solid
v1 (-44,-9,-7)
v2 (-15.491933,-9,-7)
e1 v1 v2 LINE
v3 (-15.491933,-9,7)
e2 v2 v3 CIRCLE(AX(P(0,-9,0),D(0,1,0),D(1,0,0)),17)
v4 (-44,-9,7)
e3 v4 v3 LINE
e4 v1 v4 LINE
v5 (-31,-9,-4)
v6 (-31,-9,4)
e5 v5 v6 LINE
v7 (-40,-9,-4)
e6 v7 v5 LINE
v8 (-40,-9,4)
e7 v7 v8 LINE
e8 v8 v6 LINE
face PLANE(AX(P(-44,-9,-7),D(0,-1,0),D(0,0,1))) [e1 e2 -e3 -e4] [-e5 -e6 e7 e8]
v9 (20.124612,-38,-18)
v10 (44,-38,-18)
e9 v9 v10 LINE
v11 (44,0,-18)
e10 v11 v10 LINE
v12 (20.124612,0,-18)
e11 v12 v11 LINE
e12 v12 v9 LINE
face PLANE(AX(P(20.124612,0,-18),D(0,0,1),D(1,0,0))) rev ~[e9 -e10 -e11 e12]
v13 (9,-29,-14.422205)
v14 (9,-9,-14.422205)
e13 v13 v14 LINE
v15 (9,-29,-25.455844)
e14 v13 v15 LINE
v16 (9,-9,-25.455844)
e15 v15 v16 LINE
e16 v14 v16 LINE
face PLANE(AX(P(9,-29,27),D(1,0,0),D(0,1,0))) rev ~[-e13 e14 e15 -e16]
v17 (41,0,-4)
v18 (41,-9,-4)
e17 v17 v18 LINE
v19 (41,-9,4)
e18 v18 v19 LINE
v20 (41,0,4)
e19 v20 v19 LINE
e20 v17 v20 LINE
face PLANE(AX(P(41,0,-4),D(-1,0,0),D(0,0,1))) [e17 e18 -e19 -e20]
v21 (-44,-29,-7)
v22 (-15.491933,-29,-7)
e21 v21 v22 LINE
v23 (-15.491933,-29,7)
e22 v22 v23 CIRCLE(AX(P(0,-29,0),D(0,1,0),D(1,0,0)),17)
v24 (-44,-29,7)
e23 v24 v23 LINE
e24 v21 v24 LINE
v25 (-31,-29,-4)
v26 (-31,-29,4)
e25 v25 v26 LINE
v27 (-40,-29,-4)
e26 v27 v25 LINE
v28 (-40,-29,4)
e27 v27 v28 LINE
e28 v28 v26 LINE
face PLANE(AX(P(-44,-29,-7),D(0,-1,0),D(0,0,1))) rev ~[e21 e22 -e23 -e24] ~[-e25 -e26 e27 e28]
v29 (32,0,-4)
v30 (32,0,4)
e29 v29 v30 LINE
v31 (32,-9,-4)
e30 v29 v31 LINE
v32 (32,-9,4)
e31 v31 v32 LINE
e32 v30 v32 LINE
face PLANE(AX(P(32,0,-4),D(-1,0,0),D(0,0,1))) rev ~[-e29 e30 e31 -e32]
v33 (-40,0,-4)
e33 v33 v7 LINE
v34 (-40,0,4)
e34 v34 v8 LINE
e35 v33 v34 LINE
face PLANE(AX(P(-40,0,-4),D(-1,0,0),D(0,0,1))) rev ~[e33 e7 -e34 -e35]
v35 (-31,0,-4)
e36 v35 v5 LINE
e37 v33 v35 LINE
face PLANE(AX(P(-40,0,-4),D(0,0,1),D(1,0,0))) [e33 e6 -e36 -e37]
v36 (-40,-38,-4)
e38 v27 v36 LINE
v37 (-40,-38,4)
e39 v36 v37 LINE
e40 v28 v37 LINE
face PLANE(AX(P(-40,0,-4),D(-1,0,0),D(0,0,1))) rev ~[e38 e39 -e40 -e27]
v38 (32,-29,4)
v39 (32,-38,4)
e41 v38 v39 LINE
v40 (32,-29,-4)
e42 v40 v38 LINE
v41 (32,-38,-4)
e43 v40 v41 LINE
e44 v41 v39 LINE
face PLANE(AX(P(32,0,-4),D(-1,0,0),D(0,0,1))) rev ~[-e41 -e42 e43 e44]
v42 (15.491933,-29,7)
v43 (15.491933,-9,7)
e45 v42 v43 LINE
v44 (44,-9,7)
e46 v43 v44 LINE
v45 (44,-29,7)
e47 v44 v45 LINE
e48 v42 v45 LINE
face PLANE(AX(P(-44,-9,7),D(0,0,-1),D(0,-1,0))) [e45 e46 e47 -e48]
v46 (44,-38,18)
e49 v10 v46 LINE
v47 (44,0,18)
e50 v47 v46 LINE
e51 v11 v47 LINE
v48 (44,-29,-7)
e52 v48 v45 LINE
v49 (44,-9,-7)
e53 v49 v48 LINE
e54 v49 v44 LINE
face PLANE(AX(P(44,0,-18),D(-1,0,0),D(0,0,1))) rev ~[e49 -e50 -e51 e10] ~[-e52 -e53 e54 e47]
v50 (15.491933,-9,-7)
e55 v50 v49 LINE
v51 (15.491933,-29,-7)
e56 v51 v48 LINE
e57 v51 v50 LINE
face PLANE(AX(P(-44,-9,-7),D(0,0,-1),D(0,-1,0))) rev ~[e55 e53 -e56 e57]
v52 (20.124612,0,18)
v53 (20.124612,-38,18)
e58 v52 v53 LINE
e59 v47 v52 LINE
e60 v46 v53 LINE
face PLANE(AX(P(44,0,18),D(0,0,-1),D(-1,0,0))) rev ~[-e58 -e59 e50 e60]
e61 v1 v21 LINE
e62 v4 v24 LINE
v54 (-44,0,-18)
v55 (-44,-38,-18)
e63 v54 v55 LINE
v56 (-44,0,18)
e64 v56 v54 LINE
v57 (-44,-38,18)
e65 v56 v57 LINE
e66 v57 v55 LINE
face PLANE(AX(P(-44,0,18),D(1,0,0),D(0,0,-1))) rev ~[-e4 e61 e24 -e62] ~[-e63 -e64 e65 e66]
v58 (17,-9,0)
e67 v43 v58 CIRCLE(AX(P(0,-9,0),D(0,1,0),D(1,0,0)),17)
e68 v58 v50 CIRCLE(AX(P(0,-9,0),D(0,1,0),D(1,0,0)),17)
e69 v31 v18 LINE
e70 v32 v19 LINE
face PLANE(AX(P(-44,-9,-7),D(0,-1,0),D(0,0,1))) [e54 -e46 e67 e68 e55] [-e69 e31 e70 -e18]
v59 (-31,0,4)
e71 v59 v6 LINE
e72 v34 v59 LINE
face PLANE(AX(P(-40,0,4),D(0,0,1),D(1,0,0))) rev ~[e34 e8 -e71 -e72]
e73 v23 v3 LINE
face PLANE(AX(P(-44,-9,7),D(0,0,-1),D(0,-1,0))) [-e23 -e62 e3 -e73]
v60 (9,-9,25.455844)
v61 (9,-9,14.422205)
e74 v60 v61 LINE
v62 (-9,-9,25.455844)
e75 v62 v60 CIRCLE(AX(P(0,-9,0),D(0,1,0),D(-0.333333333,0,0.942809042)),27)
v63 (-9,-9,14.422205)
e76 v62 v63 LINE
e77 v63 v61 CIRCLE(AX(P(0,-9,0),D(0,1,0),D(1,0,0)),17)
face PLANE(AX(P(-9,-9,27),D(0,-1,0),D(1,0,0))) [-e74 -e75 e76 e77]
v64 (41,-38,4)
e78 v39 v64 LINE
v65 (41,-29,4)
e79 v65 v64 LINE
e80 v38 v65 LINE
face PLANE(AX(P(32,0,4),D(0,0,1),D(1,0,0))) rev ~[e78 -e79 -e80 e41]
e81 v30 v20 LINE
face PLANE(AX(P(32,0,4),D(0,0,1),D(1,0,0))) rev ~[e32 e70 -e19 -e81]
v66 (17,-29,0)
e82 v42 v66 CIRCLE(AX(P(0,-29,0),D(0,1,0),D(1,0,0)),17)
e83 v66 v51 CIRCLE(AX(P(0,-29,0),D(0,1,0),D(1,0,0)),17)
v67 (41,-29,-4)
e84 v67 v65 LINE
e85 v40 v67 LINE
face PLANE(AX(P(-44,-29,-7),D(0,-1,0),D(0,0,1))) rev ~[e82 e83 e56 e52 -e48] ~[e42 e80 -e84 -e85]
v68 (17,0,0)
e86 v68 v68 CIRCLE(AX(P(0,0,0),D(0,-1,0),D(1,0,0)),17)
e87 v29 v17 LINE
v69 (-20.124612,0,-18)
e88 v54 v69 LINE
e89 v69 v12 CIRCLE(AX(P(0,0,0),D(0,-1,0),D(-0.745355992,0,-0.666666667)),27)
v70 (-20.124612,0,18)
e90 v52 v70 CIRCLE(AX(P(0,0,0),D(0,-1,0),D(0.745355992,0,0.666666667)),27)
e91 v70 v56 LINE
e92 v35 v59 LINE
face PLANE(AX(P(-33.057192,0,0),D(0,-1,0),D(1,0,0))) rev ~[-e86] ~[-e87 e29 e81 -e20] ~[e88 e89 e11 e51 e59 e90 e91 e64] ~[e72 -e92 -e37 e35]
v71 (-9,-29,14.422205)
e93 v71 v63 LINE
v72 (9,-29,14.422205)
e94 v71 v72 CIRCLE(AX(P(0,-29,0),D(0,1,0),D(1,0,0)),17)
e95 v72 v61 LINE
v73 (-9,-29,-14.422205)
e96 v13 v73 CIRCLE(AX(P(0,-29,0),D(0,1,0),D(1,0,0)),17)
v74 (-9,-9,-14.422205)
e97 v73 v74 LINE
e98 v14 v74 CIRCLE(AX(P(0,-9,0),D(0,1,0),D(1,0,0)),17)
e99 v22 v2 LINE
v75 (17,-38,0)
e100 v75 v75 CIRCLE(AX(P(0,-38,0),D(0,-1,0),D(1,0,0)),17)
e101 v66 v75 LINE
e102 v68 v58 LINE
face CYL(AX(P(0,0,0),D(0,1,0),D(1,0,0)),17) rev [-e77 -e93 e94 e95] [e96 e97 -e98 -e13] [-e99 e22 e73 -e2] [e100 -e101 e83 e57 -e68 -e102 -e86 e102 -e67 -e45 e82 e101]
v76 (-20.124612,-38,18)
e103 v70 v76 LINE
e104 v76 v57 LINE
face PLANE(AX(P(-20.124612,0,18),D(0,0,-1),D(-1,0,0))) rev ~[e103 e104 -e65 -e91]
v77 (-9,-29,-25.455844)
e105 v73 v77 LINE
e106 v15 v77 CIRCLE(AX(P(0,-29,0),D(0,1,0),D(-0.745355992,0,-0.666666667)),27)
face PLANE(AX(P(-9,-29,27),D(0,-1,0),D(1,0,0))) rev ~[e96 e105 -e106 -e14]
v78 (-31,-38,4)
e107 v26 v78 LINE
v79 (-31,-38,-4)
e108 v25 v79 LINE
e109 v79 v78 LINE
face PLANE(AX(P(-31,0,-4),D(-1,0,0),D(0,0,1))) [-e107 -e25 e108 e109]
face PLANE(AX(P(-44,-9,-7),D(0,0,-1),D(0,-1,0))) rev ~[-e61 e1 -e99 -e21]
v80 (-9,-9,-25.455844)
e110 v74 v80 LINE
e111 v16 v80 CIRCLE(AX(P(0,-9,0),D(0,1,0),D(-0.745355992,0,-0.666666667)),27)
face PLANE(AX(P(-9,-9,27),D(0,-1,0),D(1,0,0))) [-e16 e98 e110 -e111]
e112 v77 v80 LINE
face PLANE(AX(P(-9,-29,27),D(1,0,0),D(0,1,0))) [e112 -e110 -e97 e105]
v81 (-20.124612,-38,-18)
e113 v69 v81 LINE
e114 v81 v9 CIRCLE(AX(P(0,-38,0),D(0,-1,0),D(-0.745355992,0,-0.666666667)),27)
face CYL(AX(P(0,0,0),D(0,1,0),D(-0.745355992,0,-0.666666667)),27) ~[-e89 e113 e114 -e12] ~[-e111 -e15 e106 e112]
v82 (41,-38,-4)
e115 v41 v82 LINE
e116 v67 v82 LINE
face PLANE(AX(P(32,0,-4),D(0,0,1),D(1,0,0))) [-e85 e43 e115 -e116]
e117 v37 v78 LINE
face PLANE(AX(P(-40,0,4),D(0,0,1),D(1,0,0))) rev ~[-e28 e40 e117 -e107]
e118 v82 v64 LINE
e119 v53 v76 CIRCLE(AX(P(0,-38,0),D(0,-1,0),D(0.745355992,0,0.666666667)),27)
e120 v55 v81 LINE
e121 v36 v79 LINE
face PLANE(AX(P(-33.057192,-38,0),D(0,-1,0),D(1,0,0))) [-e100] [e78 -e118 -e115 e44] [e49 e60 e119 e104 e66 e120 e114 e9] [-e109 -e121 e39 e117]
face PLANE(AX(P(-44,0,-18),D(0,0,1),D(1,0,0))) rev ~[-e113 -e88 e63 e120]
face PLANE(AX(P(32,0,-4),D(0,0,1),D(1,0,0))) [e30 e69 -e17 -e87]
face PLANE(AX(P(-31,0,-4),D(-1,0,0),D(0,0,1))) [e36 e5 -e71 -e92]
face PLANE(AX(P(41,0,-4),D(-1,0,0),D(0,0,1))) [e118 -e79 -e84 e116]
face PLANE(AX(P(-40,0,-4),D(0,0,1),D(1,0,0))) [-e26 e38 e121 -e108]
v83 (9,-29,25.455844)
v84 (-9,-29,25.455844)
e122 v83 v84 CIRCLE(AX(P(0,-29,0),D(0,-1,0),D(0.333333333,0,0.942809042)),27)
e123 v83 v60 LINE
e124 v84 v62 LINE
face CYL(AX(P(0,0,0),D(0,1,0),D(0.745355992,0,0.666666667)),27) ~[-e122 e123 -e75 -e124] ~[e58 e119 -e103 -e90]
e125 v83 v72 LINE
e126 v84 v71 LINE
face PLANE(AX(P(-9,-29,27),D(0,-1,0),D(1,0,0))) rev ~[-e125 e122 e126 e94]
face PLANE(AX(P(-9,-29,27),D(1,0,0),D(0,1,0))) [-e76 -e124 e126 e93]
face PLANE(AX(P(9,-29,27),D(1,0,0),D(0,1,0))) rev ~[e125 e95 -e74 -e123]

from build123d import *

# Parameters (mm, degrees)
F0_W     = 9
F0_H     = 8
F0_R     = 17
F1_DEPTH = 38
F2_W     = 20
F2_H     = 14
F3_DEPTH = 113.538
F5_W     = 18
F5_H     = 20
F6_DEPTH = 71.628


with BuildPart() as f1:
    # F0 (on Front) → F1 (new body)
    with BuildSketch(Plane.XZ):
        with BuildLine():
            ThreePointArc((-20.1246117975, -18), (-27, 0), (-20.1246117975, 18))
            Line((-20.1246117975, 18), (-44, 18))
            Line((-44, 18), (-44, -18))
            Line((-44, -18), (-20.1246117975, -18))
        make_face()
        with Locations((-35.5, 0)):
            Rectangle(F0_W, F0_H, mode=Mode.SUBTRACT)
        with BuildLine():
            ThreePointArc((20.1246117975, -18), (25.222653692, -9.6341964239), (27, 0))
            ThreePointArc((27, 0), (25.222653692, 9.6341964239), (20.1246117975, 18))
            Line((20.1246117975, 18), (-20.1246117975, 18))
            ThreePointArc((-20.1246117975, 18), (-27, 0), (-20.1246117975, -18))
            Line((-20.1246117975, -18), (20.1246117975, -18))
        make_face()
        Circle(F0_R, mode=Mode.SUBTRACT)
        with BuildLine():
            Line((-20.1246117975, 18), (20.1246117975, 18))
            ThreePointArc((20.1246117975, 18), (0, 27), (-20.1246117975, 18))
        make_face()
        with BuildLine():
            ThreePointArc((20.1246117975, 18), (25.222653692, 9.6341964239), (27, 0))
            ThreePointArc((27, 0), (25.222653692, -9.6341964239), (20.1246117975, -18))
            Line((20.1246117975, -18), (44, -18))
            Line((44, -18), (44, 18))
            Line((44, 18), (20.1246117975, 18))
        make_face()
        with Locations((36.5, 0)):
            Rectangle(F0_W, F0_H, mode=Mode.SUBTRACT)
        with BuildLine():
            ThreePointArc((-20.1246117975, -18), (0, -27), (20.1246117975, -18))
            Line((20.1246117975, -18), (-20.1246117975, -18))
        make_face()
    extrude(amount=F1_DEPTH)

    # F2 (on face) → F3 (cut)
    with BuildSketch(Plane(origin=(-44, 0, 0), x_dir=(0, -1, 0), z_dir=(-1, 0, 0))):
        with Locations((19, 0)):
            Rectangle(F2_W, F2_H)
    extrude(amount=-F3_DEPTH, mode=Mode.SUBTRACT)

    # F5 (on offset) → F6 (cut)
    with BuildSketch(Plane.XY.offset(27)):
        with Locations((0, -19)):
            Rectangle(F5_W, F5_H)
    extrude(amount=-F6_DEPTH, mode=Mode.SUBTRACT)


solid = f1.part
